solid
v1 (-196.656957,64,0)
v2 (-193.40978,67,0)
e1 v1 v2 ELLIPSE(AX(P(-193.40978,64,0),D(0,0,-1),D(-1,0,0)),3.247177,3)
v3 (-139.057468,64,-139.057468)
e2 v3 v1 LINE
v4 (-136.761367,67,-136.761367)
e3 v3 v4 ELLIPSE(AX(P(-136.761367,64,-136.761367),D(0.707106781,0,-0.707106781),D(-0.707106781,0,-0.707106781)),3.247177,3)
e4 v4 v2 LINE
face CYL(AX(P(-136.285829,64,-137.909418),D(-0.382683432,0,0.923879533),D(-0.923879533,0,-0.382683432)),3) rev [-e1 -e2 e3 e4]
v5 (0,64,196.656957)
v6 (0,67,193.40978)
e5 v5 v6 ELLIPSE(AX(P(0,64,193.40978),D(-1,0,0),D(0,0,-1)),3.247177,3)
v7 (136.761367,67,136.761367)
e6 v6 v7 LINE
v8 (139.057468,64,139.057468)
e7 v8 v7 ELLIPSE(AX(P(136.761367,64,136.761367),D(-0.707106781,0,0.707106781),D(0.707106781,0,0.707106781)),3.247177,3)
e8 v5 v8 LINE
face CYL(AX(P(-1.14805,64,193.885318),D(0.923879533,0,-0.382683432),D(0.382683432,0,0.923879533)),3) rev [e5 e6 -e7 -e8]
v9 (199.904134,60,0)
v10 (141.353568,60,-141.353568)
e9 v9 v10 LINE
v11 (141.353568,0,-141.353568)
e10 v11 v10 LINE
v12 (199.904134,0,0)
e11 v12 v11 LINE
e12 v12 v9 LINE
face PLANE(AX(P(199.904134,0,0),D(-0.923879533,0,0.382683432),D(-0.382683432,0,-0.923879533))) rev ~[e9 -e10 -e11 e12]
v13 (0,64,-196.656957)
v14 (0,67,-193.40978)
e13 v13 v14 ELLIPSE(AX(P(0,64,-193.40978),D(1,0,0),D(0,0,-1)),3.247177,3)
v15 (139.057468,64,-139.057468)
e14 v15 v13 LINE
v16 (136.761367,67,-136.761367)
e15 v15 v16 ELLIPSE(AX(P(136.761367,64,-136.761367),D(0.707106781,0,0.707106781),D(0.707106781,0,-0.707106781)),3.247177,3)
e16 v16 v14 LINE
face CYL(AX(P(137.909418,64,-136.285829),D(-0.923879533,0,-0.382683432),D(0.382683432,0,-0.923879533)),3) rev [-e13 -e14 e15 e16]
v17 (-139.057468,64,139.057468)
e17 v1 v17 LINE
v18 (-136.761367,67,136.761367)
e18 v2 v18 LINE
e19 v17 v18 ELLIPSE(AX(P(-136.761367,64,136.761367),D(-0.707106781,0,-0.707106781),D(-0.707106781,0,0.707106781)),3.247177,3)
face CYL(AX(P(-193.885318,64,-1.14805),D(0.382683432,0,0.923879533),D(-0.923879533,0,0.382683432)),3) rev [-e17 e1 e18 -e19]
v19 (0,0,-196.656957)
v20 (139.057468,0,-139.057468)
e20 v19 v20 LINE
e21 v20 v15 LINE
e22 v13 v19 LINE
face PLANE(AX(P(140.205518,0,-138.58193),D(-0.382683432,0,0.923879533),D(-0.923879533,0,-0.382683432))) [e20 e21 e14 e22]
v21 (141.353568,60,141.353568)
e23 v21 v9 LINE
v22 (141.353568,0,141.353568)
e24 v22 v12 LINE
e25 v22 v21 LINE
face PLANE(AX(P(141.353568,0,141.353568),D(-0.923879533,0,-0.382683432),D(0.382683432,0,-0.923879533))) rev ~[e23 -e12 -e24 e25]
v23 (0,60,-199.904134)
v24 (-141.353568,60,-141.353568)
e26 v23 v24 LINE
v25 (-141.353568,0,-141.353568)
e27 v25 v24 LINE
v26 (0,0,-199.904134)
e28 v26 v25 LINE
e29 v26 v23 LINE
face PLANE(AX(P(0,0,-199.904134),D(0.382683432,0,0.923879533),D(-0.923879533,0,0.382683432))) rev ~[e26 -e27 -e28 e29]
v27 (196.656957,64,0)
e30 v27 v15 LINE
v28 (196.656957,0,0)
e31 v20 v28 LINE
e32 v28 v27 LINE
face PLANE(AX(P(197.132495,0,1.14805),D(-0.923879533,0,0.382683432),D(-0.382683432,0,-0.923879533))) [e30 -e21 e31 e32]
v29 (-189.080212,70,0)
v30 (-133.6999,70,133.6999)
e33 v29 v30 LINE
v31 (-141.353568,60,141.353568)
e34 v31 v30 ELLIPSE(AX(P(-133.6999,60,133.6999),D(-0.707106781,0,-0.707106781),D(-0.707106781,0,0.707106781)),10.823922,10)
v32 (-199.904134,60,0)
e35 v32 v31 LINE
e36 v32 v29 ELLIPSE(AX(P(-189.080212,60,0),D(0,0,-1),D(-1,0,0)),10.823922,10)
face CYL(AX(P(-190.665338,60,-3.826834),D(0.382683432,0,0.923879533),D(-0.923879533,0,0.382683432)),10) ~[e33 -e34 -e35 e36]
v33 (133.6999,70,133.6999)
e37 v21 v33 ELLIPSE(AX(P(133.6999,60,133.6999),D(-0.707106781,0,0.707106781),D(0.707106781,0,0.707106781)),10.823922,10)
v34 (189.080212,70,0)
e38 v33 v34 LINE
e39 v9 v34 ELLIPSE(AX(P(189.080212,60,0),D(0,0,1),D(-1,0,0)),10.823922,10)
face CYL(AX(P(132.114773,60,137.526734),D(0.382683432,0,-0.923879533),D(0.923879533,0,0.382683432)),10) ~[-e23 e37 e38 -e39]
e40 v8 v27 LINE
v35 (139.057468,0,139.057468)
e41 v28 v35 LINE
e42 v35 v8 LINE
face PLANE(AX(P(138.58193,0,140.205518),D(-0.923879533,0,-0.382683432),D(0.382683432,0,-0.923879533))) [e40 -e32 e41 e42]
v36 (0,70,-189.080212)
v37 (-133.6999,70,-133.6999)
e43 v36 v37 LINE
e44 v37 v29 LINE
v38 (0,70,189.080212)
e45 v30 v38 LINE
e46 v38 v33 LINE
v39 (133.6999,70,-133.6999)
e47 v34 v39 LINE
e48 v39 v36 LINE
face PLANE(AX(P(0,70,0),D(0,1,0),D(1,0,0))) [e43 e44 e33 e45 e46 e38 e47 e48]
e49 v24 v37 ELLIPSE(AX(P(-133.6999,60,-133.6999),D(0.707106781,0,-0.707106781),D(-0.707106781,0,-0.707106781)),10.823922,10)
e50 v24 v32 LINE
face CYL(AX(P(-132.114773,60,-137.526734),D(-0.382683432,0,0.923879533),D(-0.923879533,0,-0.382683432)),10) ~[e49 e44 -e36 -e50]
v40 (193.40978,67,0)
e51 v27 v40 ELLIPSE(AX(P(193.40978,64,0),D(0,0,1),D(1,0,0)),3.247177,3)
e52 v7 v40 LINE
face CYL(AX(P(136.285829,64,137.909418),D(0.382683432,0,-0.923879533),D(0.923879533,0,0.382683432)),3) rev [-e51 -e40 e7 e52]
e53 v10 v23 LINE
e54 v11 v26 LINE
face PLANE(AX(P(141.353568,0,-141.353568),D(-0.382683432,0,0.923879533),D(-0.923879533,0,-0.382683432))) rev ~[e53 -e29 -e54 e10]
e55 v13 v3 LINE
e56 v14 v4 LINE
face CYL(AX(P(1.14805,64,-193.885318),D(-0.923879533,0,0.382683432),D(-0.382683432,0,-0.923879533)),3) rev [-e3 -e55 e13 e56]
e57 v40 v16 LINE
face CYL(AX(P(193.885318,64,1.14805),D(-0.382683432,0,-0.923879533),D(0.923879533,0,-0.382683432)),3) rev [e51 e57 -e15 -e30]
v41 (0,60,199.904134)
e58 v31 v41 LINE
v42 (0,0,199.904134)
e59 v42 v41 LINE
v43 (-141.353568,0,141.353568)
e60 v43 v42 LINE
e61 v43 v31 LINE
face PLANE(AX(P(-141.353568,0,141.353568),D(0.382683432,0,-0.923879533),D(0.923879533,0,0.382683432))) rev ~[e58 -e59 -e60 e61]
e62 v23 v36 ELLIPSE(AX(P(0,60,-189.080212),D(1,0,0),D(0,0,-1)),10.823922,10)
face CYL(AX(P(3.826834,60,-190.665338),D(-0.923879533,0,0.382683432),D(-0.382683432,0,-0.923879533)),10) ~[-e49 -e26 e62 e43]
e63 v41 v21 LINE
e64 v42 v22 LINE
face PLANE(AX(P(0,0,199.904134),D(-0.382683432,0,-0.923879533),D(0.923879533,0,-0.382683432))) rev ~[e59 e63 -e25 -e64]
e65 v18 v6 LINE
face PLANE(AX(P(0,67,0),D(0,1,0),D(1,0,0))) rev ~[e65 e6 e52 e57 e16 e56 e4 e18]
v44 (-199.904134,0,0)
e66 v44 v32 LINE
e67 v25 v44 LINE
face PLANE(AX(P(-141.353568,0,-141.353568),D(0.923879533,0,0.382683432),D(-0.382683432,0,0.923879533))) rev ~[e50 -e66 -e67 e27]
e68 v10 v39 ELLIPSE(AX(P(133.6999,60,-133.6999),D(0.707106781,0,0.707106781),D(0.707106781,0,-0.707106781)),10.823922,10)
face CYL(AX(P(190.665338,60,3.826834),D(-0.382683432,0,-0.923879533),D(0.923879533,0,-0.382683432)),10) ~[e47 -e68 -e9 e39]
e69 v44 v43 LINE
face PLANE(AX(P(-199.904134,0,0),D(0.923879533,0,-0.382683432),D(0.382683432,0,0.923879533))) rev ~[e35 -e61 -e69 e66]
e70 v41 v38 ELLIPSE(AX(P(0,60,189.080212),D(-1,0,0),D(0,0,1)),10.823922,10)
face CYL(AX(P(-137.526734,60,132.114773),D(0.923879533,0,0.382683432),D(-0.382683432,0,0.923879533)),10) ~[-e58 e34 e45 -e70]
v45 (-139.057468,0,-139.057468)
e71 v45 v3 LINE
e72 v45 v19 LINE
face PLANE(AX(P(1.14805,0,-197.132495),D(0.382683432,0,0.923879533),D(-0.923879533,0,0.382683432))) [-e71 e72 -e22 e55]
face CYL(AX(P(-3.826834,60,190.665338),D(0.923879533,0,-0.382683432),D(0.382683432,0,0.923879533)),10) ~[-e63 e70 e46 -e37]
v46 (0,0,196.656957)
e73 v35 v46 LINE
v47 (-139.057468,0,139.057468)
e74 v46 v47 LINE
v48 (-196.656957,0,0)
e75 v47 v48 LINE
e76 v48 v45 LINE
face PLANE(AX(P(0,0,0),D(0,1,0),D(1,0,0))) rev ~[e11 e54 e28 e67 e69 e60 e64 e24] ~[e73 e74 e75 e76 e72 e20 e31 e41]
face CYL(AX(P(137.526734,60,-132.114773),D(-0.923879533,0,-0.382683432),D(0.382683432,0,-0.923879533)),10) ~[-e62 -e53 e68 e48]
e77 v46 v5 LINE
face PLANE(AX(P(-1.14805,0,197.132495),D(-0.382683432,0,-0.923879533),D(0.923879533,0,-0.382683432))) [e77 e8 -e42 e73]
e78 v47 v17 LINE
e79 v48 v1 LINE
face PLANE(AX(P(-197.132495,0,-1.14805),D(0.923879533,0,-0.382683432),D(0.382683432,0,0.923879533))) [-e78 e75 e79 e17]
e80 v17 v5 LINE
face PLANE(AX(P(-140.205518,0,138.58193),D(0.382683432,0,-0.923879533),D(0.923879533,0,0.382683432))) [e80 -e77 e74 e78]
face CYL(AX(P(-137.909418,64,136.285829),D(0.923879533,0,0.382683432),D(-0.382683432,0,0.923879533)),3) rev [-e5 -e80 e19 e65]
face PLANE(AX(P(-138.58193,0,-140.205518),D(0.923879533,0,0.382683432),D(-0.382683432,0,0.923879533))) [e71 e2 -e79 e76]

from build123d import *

# Parameters (mm, degrees)
BOSS_EXTRUDE1_DEPTH = 70
SHELL1_T            = -3
SKETCH5_W           = 100
SKETCH5_H           = 80
CUT_EXTRUDE2_DEPTH  = 30
FILLET1_R           = 10
FILLET2_R           = 3


with BuildPart() as part:
    # Sketch3 → Boss-Extrude1 (new body)
    with BuildSketch(Plane(origin=(0, 0, 0), x_dir=(1, 0, 0), z_dir=(0, 1, 0))):
        Polygon((0, 199.904133626), (-141.353568474, 141.353568474), (-199.904133626, 0), (-141.353568474, -141.353568474), (0, -199.904133626), (141.353568474, -141.353568474), (199.904133626, 0), (141.353568474, 141.353568474), align=None)
    extrude(amount=BOSS_EXTRUDE1_DEPTH)

    # Shell1
    shell1_openings = [part.faces().sort_by_distance(p)[0] for p in [
        (0, 0, 0),
    ]]
    offset(amount=SHELL1_T, openings=shell1_openings, kind=Kind.INTERSECTION)

    # Sketch5 → Cut-Extrude2 (cut)
    with BuildSketch(Plane(origin=(331, 0, 0), x_dir=(0, 0, -1), z_dir=(1, 0, 0))):
        with Locations((0, 40)):
            Rectangle(SKETCH5_W, SKETCH5_H)
    extrude(amount=-CUT_EXTRUDE2_DEPTH, mode=Mode.SUBTRACT)

    # Fillet1
    fillet1_edges = [part.edges().sort_by_distance(p)[0] for p in [
        (170.62885105, 70, -70.676784237),
        (70.676784237, 70, -170.62885105),
        (-70.676784237, 70, -170.62885105),
        (-170.62885105, 70, -70.676784237),
        (-170.62885105, 70, 70.676784237),
        (-70.676784237, 70, 170.62885105),
        (70.676784237, 70, 170.62885105),
        (170.62885105, 70, 70.676784237),
    ]]
    fillet(fillet1_edges, radius=FILLET1_R)

    # Fillet2
    fillet2_edges = [part.edges().sort_by_distance(p)[0] for p in [
        (69.52873394, 67, 167.857212453),
        (167.857212453, 67, 69.52873394),
        (167.857212453, 67, -69.52873394),
        (69.52873394, 67, -167.857212453),
        (-69.52873394, 67, -167.857212453),
        (-167.857212453, 67, -69.52873394),
        (-167.857212453, 67, 69.52873394),
        (-69.52873394, 67, 167.857212453),
    ]]
    fillet(fillet2_edges, radius=FILLET2_R)


solid = part.part
